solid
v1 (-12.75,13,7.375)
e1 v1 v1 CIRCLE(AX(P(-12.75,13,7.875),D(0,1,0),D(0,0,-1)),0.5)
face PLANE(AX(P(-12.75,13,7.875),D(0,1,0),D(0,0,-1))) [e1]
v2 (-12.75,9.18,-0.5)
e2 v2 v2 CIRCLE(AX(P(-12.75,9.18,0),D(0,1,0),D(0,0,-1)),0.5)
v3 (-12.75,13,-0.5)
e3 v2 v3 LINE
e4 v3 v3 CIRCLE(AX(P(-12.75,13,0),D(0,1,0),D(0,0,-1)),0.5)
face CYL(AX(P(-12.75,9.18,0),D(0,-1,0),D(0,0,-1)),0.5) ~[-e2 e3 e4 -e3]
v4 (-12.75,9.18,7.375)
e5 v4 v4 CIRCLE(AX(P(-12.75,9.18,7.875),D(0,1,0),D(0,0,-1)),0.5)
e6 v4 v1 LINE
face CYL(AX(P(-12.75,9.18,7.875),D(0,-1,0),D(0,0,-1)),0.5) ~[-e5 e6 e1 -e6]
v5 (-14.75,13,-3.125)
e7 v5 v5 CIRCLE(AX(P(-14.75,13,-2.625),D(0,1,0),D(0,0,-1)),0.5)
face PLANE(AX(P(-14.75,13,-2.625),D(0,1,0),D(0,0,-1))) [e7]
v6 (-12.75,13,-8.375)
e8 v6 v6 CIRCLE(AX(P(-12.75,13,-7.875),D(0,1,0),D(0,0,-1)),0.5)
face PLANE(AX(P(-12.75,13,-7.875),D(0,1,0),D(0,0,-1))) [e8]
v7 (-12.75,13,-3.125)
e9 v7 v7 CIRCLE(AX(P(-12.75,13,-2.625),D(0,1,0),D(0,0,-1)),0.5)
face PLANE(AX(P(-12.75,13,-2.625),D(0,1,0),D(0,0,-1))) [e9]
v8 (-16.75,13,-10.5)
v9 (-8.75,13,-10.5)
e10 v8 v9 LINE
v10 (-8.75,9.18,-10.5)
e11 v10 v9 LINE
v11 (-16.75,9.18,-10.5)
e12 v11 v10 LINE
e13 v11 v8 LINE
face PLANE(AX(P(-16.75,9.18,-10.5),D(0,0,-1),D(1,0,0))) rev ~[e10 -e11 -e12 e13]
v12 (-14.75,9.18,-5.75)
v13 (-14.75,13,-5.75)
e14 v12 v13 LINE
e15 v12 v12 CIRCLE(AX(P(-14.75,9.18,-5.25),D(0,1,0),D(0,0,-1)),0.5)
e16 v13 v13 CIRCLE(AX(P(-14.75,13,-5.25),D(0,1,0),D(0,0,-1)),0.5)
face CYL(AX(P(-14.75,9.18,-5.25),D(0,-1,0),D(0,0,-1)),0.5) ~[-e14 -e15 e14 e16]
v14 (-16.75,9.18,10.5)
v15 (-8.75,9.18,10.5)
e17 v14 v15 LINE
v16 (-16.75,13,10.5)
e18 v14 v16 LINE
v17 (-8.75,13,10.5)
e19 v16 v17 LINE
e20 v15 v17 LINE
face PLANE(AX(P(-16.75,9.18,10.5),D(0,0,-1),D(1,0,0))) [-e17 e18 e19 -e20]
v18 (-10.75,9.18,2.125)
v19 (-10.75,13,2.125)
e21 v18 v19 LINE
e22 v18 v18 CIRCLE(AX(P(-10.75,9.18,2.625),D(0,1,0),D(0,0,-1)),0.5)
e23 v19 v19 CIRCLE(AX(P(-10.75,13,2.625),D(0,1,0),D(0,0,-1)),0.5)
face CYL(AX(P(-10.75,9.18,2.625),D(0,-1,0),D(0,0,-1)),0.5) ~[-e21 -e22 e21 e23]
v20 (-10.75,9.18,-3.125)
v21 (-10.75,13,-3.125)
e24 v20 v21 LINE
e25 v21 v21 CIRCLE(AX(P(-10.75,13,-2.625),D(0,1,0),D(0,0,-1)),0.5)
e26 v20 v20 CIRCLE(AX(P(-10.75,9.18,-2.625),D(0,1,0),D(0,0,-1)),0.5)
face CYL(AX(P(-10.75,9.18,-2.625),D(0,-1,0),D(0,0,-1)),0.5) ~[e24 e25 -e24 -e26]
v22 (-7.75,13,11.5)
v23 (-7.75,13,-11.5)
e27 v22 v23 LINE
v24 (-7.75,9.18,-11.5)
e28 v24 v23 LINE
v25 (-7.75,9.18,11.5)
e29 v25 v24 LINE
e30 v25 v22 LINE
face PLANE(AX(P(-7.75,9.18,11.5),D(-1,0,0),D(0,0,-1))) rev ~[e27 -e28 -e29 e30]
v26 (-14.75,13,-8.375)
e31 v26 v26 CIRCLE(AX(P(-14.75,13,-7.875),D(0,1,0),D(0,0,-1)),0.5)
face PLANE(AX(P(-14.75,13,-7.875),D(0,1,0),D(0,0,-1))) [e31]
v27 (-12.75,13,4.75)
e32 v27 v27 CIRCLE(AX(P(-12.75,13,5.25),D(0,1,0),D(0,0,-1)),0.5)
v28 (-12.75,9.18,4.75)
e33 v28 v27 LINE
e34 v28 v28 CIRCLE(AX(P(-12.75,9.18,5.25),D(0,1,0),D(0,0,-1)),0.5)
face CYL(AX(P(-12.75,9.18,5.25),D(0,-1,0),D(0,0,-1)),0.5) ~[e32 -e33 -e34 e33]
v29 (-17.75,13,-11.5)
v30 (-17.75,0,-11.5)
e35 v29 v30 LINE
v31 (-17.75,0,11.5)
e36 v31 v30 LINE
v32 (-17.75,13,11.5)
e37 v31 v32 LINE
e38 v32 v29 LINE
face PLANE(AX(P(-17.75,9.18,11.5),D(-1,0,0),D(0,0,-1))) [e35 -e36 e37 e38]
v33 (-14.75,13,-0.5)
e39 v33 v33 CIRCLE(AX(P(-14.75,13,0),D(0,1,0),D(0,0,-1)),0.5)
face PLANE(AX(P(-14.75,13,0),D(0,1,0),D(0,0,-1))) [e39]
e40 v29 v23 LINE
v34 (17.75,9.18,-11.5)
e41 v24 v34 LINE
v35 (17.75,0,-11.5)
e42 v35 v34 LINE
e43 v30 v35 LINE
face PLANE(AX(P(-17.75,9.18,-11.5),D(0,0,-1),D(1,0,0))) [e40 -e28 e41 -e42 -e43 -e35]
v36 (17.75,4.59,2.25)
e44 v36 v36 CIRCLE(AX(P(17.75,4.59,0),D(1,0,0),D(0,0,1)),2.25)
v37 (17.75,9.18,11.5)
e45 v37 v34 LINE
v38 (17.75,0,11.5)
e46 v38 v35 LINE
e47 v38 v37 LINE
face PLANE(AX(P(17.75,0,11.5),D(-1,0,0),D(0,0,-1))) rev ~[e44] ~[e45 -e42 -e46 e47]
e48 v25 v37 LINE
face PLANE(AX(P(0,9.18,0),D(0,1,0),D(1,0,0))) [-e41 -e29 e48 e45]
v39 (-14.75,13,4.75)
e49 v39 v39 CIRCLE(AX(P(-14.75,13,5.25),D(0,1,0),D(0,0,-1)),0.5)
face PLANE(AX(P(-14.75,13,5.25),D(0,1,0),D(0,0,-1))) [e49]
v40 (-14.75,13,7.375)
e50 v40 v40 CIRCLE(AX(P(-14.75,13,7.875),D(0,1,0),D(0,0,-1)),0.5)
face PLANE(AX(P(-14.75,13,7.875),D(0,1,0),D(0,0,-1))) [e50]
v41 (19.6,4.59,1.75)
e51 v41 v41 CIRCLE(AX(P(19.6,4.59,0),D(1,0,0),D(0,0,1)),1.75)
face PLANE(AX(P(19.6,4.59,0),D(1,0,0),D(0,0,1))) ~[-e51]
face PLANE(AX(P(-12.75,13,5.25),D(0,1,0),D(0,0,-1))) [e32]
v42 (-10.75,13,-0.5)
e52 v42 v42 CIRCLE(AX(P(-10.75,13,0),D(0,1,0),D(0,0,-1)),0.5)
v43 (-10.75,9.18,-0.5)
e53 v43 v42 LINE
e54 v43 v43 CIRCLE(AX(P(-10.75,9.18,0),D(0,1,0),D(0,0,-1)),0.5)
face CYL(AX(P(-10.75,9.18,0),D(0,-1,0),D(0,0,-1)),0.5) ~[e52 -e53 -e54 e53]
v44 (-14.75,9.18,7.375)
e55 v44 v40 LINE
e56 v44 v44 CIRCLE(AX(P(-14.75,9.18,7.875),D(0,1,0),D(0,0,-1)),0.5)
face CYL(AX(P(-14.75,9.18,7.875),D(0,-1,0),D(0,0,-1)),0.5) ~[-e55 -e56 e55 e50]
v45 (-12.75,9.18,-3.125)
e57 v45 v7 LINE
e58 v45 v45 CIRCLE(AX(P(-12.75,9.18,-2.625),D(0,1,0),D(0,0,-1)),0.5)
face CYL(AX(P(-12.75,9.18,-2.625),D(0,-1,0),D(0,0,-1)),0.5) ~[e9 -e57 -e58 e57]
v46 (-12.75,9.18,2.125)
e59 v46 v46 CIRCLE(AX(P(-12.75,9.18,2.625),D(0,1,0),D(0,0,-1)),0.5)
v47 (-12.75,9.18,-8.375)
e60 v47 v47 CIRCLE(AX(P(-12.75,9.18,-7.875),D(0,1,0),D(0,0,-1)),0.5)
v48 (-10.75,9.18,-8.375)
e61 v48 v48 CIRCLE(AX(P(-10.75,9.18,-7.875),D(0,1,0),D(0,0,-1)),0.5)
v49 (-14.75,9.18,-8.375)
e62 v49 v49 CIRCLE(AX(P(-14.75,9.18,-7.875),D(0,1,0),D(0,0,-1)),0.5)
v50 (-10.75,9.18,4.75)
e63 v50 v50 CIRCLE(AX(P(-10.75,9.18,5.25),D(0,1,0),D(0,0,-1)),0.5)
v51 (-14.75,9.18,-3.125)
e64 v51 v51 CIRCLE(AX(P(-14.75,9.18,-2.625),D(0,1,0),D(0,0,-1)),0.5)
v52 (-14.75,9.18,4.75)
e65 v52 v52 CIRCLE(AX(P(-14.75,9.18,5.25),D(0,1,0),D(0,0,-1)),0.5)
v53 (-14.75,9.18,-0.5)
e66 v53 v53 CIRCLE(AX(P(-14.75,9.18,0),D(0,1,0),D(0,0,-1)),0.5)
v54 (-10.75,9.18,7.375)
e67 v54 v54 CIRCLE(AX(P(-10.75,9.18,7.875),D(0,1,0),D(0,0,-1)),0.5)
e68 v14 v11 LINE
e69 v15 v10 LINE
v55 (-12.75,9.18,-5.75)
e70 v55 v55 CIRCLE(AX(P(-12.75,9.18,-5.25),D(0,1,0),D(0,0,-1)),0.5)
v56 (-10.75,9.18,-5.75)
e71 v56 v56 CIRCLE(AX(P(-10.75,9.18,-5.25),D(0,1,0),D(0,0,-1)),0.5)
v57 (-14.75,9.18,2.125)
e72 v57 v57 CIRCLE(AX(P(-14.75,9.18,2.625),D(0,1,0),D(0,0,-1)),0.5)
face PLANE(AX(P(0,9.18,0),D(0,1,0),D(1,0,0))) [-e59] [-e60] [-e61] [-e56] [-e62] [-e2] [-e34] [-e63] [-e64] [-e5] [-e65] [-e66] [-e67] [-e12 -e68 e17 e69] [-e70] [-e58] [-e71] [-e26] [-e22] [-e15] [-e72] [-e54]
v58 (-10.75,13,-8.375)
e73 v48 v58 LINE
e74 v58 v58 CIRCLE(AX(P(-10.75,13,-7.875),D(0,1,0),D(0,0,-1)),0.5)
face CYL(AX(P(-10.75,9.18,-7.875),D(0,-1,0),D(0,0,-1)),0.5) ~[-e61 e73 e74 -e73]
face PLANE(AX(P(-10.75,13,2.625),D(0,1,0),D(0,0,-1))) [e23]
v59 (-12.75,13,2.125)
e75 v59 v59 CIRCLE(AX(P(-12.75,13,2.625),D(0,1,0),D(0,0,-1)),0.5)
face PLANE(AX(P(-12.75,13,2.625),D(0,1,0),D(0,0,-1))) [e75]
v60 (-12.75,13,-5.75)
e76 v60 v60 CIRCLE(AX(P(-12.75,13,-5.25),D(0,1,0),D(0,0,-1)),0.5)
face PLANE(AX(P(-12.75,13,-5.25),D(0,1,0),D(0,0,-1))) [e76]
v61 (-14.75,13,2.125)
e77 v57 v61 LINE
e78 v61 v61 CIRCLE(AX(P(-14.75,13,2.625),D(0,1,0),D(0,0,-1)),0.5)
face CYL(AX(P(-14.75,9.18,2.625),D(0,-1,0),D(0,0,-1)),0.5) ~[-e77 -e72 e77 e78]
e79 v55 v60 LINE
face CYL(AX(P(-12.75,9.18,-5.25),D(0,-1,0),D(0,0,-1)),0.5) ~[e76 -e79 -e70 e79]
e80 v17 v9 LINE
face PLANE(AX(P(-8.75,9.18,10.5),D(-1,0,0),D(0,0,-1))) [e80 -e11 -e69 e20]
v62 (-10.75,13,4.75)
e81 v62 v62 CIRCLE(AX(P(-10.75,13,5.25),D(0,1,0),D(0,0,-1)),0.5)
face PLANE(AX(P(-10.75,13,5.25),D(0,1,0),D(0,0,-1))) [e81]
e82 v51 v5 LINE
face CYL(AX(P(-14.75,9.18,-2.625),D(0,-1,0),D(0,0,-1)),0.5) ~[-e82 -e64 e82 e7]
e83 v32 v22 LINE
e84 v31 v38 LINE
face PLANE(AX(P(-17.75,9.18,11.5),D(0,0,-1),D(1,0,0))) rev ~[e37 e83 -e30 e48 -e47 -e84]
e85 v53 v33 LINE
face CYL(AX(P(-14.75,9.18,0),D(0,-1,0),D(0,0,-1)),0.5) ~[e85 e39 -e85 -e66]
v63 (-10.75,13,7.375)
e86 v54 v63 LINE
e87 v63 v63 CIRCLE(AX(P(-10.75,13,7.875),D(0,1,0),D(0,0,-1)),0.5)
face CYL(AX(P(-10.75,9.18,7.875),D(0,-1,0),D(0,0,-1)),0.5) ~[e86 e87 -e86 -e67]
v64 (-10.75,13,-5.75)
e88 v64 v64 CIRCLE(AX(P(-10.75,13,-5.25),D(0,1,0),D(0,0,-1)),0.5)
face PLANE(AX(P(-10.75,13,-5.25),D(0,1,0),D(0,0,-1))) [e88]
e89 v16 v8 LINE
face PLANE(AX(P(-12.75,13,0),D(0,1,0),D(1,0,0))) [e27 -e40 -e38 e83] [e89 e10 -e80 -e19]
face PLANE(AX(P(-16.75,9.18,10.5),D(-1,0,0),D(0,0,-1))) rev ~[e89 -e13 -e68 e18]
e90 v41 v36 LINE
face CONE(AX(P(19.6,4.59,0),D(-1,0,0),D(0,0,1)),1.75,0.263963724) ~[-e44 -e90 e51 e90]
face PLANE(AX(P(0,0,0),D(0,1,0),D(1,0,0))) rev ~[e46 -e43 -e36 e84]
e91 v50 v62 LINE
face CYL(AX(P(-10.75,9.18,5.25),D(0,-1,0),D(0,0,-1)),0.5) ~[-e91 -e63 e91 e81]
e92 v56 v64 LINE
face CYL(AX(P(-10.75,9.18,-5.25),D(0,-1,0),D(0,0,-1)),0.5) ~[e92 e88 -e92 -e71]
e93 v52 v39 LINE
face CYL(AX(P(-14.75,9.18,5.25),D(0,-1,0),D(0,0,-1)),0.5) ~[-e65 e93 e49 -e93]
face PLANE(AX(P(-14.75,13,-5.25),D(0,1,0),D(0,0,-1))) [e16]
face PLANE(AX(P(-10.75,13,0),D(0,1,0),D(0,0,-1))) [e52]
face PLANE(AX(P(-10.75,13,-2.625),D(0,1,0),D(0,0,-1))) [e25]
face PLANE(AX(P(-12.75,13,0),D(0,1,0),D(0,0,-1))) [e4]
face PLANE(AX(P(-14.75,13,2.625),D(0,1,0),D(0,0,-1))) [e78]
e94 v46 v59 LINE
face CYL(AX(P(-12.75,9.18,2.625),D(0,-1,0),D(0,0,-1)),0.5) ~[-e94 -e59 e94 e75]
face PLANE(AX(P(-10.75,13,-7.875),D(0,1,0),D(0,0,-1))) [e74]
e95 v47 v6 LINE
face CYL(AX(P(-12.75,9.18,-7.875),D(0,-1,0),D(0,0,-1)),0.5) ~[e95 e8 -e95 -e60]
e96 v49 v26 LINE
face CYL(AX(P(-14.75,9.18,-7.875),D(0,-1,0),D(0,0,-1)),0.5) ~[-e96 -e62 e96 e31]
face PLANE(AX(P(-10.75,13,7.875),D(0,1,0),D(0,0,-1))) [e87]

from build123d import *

# Parameters (mm, degrees)
SKETCH1_W           = 35.5
SKETCH1_H           = 23
BOSS_EXTRUDE1_DEPTH = 9.18
SKETCH2_W           = 10
SKETCH2_H           = 23
SKETCH2_W_2         = 8
SKETCH2_H_2         = 21
BOSS_EXTRUDE2_DEPTH = 3.82
SKETCH3_R           = 0.5
BOSS_EXTRUDE3_DEPTH = 3.82


with BuildPart() as part:
    # Sketch1 → Boss-Extrude1 (new body)
    with BuildSketch(Plane(origin=(0, 0, 0), x_dir=(1, 0, 0), z_dir=(0, 1, 0))):
        Rectangle(SKETCH1_W, SKETCH1_H)
    extrude(amount=BOSS_EXTRUDE1_DEPTH)

    # Sketch2 → Boss-Extrude2 (add)
    with BuildSketch(Plane(origin=(0, 9.18, 0), x_dir=(1, 0, 0), z_dir=(0, 1, 0))):
        with Locations((-12.75, 0)):
            Rectangle(SKETCH2_W, SKETCH2_H)
        with Locations((-12.75, 0)):
            Rectangle(SKETCH2_W_2, SKETCH2_H_2, mode=Mode.SUBTRACT)
    extrude(amount=BOSS_EXTRUDE2_DEPTH)

    # Sketch3 → Boss-Extrude3 (add)
    with BuildSketch(Plane(origin=(0, 9.18, 0), x_dir=(1, 0, 0), z_dir=(0, 1, 0))):
        with Locations(Location((-14.75, 7.875, 0), (0, 0, 90))):
            Circle(SKETCH3_R)
        with Locations(Location((-12.75, 7.875, 0), (0, 0, 90))):
            Circle(SKETCH3_R)
        with Locations(Location((-10.75, 7.875, 0), (0, 0, 90))):
            Circle(SKETCH3_R)
        with Locations(Location((-12.75, 5.25, 0), (0, 0, 90))):
            Circle(SKETCH3_R)
        with Locations(Location((-10.75, 5.25, 0), (0, 0, 90))):
            Circle(SKETCH3_R)
        with Locations(Location((-12.75, 2.625, 0), (0, 0, 90))):
            Circle(SKETCH3_R)
        with Locations(Location((-10.75, 2.625, 0), (0, 0, 90))):
            Circle(SKETCH3_R)
        with Locations(Location((-12.75, 0, 0), (0, 0, 90))):
            Circle(SKETCH3_R)
        with Locations(Location((-10.75, 0, 0), (0, 0, 90))):
            Circle(SKETCH3_R)
        with Locations(Location((-12.75, -2.625, 0), (0, 0, 90))):
            Circle(SKETCH3_R)
        with Locations(Location((-10.75, -2.625, 0), (0, 0, 90))):
            Circle(SKETCH3_R)
        with Locations(Location((-12.75, -5.25, 0), (0, 0, 90))):
            Circle(SKETCH3_R)
        with Locations(Location((-10.75, -5.25, 0), (0, 0, 90))):
            Circle(SKETCH3_R)
        with Locations(Location((-12.75, -7.875, 0), (0, 0, 90))):
            Circle(SKETCH3_R)
        with Locations(Location((-10.75, -7.875, 0), (0, 0, 90))):
            Circle(SKETCH3_R)
        with Locations(Location((-14.75, 5.25, 0), (0, 0, 90))):
            Circle(SKETCH3_R)
        with Locations(Location((-14.75, 2.625, 0), (0, 0, 90))):
            Circle(SKETCH3_R)
        with Locations(Location((-14.75, 0, 0), (0, 0, 90))):
            Circle(SKETCH3_R)
        with Locations(Location((-14.75, -2.625, 0), (0, 0, 90))):
            Circle(SKETCH3_R)
        with Locations(Location((-14.75, -5.25, 0), (0, 0, 90))):
            Circle(SKETCH3_R)
        with Locations(Location((-14.75, -7.875, 0), (0, 0, 90))):
            Circle(SKETCH3_R)
    extrude(amount=BOSS_EXTRUDE3_DEPTH)

    # Sketch5 → Revolve1 (revolve)
    with BuildSketch(Plane.XY, mode=Mode.PRIVATE) as revolve1_sk:
        Polygon((17.75, 4.59), (19.6, 4.59), (19.6, 6.34), (17.75, 6.84), align=None)
    revolve(revolve1_sk.sketch.rotate(Axis((17.75, 4.59, 0), (1, 0, 0)), 90), axis=Axis((17.75, 4.59, 0), (1, 0, 0)))


solid = part.part
